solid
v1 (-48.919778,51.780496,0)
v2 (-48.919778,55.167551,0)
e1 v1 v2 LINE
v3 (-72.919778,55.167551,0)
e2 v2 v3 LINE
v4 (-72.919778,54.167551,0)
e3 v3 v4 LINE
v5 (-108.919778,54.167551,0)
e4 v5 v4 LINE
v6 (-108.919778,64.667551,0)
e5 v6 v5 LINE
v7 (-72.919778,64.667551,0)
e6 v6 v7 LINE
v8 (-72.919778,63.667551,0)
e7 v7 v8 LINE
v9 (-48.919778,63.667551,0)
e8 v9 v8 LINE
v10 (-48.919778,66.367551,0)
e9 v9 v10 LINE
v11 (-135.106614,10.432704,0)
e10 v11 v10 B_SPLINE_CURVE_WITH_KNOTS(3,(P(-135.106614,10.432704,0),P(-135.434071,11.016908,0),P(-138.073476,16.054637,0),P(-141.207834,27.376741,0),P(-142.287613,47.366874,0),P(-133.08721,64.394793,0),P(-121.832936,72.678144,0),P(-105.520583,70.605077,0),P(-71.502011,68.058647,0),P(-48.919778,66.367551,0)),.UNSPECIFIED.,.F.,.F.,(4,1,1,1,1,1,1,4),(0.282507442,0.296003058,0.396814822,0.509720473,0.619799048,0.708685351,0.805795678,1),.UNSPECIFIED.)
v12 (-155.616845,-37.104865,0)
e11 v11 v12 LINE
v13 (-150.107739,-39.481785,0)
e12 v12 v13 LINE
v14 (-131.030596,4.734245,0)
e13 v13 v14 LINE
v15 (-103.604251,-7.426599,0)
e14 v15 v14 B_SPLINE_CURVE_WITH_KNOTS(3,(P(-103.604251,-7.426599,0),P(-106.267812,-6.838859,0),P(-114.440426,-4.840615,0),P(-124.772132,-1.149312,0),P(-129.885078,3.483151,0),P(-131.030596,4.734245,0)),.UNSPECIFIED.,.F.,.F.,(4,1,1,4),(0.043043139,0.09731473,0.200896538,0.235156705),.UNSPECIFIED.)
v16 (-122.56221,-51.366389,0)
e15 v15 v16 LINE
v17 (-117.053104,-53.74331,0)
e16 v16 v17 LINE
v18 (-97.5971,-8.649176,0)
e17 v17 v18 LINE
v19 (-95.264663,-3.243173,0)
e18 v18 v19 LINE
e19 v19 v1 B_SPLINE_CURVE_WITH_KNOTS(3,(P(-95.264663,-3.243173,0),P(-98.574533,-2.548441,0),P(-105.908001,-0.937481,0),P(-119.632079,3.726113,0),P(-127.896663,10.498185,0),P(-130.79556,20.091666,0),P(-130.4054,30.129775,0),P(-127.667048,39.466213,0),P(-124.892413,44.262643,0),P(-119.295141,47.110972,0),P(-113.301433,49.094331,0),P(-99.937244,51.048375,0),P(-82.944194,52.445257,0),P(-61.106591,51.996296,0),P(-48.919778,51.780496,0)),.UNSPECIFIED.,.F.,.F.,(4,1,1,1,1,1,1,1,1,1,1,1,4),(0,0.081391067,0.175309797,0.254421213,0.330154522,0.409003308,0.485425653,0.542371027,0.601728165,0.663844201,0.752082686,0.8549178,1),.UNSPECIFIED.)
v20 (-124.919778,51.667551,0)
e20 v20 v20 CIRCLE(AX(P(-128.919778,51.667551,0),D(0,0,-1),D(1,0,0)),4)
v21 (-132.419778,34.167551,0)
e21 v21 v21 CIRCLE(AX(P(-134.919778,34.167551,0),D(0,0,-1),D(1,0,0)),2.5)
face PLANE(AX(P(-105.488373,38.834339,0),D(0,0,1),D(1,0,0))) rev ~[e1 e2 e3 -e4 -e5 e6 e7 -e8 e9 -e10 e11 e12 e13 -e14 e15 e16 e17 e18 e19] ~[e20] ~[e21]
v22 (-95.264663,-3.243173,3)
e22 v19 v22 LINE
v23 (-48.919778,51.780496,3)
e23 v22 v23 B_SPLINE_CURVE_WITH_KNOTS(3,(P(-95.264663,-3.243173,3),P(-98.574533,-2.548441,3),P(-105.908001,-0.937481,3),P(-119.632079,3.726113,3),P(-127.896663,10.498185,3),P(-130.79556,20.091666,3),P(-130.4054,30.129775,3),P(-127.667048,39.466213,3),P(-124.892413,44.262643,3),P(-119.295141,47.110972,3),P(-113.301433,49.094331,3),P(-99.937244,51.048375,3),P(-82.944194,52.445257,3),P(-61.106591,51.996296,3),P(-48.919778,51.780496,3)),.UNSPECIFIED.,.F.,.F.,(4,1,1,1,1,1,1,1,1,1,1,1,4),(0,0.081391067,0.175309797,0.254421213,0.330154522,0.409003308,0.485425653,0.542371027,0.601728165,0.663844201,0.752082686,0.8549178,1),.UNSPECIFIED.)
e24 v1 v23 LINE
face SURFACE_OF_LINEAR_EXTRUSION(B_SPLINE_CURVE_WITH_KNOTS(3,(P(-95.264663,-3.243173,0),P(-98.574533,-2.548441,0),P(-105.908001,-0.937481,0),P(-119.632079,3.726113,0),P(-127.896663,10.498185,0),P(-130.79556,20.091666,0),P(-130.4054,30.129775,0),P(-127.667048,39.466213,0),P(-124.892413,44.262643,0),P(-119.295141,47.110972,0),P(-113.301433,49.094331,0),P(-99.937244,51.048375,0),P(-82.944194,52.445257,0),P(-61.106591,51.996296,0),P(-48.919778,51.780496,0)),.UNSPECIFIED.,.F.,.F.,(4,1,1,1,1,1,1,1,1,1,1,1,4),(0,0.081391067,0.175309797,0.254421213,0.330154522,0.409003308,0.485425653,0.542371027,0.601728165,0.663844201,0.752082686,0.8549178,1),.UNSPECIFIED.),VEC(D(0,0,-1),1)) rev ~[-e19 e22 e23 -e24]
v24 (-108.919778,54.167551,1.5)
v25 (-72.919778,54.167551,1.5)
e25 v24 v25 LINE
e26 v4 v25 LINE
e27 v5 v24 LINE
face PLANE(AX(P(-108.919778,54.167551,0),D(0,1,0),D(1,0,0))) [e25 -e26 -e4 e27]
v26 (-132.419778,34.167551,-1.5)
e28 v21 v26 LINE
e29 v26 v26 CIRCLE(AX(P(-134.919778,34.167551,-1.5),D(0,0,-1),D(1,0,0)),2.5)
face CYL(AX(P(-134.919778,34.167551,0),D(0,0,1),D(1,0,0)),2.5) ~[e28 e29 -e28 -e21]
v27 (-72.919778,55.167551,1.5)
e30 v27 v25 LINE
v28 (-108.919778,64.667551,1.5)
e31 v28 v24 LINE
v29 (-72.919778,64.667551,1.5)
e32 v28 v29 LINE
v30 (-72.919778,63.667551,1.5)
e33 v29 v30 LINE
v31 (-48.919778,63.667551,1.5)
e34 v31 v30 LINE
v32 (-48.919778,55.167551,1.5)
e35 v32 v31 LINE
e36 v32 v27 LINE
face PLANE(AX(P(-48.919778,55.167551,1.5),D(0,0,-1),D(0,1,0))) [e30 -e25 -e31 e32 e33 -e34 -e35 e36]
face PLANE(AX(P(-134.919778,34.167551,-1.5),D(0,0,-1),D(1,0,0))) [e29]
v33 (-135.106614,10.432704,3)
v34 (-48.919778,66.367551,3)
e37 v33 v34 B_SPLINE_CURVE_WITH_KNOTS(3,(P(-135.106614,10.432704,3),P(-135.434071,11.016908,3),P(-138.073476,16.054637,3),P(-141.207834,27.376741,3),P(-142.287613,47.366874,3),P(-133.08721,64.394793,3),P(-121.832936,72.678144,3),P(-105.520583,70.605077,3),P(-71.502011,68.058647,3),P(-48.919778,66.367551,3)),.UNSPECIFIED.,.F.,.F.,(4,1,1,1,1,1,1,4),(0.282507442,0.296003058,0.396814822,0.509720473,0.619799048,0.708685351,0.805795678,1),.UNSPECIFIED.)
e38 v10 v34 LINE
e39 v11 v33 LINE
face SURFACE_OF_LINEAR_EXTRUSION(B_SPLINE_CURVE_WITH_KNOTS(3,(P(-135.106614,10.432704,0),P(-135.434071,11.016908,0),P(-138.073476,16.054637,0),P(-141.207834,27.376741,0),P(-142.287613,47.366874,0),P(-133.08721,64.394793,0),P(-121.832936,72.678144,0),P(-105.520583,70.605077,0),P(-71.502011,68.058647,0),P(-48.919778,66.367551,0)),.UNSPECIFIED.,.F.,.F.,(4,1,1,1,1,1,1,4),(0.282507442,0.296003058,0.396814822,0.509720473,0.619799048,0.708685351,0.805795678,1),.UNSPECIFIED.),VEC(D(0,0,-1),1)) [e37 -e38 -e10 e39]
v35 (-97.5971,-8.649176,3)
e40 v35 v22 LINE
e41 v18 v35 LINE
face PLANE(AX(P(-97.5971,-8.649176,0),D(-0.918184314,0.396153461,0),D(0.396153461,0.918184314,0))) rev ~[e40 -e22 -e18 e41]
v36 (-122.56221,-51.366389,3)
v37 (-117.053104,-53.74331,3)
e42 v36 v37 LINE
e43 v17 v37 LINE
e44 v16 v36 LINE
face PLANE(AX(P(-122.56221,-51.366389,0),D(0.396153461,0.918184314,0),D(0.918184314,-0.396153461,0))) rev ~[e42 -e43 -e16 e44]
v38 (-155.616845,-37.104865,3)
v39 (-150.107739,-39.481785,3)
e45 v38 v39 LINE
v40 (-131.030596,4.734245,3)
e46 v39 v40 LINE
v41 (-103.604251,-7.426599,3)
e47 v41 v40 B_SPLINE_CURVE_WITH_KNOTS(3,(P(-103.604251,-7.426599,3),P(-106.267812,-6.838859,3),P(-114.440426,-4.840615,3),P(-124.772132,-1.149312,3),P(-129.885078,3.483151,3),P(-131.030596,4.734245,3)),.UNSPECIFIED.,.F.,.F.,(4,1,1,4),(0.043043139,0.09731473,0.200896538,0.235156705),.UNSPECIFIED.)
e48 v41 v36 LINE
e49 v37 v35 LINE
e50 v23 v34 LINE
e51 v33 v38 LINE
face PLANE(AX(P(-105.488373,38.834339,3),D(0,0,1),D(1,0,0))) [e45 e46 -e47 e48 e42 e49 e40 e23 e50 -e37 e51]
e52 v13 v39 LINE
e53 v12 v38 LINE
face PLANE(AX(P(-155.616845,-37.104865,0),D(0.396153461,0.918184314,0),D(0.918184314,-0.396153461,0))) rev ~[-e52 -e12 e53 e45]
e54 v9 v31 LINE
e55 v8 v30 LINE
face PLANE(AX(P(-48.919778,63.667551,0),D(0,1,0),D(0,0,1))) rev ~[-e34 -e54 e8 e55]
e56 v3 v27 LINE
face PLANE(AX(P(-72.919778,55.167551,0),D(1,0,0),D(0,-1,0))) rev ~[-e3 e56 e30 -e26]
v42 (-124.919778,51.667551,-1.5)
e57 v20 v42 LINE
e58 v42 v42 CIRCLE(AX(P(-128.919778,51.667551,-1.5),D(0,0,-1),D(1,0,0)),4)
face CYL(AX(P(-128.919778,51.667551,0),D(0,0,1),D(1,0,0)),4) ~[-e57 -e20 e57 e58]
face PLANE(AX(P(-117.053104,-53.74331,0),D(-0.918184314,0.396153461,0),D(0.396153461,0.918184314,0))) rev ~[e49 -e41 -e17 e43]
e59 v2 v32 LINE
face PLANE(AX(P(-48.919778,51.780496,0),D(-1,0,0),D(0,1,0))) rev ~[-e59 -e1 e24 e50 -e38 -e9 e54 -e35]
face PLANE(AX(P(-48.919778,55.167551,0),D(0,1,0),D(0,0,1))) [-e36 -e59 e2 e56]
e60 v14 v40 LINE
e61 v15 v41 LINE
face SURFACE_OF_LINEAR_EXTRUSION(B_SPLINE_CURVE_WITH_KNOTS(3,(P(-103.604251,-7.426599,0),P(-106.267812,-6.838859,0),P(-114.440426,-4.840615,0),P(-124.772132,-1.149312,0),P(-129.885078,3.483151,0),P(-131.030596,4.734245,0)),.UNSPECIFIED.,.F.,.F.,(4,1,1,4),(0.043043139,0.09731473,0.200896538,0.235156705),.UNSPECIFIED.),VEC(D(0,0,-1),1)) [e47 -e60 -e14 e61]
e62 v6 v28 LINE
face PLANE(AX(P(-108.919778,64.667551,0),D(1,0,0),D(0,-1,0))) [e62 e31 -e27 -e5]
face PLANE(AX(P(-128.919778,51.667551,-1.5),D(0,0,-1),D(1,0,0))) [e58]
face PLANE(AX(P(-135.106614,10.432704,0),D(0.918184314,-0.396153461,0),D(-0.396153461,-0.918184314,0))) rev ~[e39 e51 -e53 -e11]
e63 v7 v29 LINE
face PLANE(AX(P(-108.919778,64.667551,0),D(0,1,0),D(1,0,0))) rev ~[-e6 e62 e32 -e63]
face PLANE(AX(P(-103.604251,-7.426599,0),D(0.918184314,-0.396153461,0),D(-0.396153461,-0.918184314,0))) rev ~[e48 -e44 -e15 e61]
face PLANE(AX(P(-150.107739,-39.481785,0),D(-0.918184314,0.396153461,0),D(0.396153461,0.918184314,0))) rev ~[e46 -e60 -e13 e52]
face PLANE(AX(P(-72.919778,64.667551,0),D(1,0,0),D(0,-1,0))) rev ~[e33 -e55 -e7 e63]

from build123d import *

# Parameters (mm, degrees)
F1_DEPTH = 3
F2_W     = 8.5
F2_H     = 1.5
F3_DEPTH = 60
F4_W     = 36
F4_H     = 1
F5_DEPTH = 1.5
F4_R     = 4
F4_R_2   = 2.5
F6_DEPTH = 1.5


with BuildPart() as f1:
    # F0 (on Top) → F1 (new body)
    with BuildSketch(Plane.XY):
        with BuildLine():
            Line((-97.5971001649, -8.6491760741), (-95.2646633374, -3.243172799))
            add(Edge.make_bspline(
                [(-95.2646633374, -3.243172799), (-98.574532783, -2.5484405432), (-105.9080007112, -0.9374808999), (-119.6320793514, 3.7261133355), (-127.8966629141, 10.4981850982), (-130.7955602279, 20.0916655854), (-130.4053995461, 30.1297752518), (-127.6670475504, 39.4662125345), (-124.8924134084, 44.2626432826), (-119.2951406396, 47.1109715275), (-113.3014325374, 49.0943311035), (-99.9372443546, 51.0483749083), (-82.944194219, 52.4452566866), (-61.1065907772, 51.9962960828), (-48.9197779827, 51.7804961863)],
                knots=[0, 0, 0, 0, 0.081391067, 0.1753097966, 0.2544212132, 0.3301545218, 0.4090033083, 0.485425653, 0.5423710265, 0.6017281651, 0.6638442011, 0.7520826863, 0.8549178005, 1, 1, 1, 1], degree=3))
            Line((-48.9197779827, 51.7804961863), (-48.9197779827, 66.3675506421))
            add(Edge.make_bspline(
                [(-135.1066137918, 10.4327042772), (-135.43407121, 11.0169079833), (-138.0734760018, 16.0546366824), (-141.2078344458, 27.3767410454), (-142.287612805, 47.3668739897), (-133.087210164, 64.394793082), (-121.8329362413, 72.6781441922), (-105.5205828124, 70.6050767122), (-71.5020111223, 68.0586471057), (-48.9197779827, 66.3675506421)],
                knots=[0.2825074418, 0.2825074418, 0.2825074418, 0.2825074418, 0.2960030581, 0.3968148217, 0.5097204734, 0.6197990481, 0.7086853513, 0.8057956779, 1, 1, 1, 1], degree=3))
            add(Edge.make_bspline(
                [(-131.0305960786, 4.7342447375), (-132.6138079469, 6.4633729142), (-133.9576962683, 8.3829663944), (-135.1066137918, 10.4327042772)],
                knots=[0.2351567051, 0.2351567051, 0.2351567051, 0.2351567051, 0.2825074418, 0.2825074418, 0.2825074418, 0.2825074418], degree=3))
            add(Edge.make_bspline(
                [(-103.6042511891, -7.4265989594), (-106.267812295, -6.8388586634), (-114.4404261479, -4.8406153845), (-124.7721316324, -1.1493121528), (-129.8850784698, 3.4831507975), (-131.0305960786, 4.7342447375)],
                knots=[0.0430431389, 0.0430431389, 0.0430431389, 0.0430431389, 0.0973147298, 0.2008965382, 0.2351567051, 0.2351567051, 0.2351567051, 0.2351567051], degree=3))
            add(Edge.make_bspline(
                [(-97.5971001649, -8.6491760741), (-99.4712810371, -8.2964337017), (-101.491764182, -7.8927394719), (-103.6042511891, -7.4265989594)],
                knots=[0, 0, 0, 0, 0.0430431389, 0.0430431389, 0.0430431389, 0.0430431389], degree=3))
        make_face()
        with BuildLine():
            Line((-117.0531037089, -53.7433100877), (-97.5971001649, -8.6491760741))
            add(Edge.make_bspline(
                [(-97.5971001649, -8.6491760741), (-99.4712810371, -8.2964337017), (-101.491764182, -7.8927394719), (-103.6042511891, -7.4265989594)],
                knots=[0, 0, 0, 0, 0.0430431389, 0.0430431389, 0.0430431389, 0.0430431389], degree=3))
            Line((-103.6042511891, -7.4265989594), (-122.5622095949, -51.3663893199))
            Line((-122.5622095949, -51.3663893199), (-117.0531037089, -53.7433100877))
        make_face()
        with BuildLine():
            add(Edge.make_bspline(
                [(-131.0305960786, 4.7342447375), (-132.6138079469, 6.4633729142), (-133.9576962683, 8.3829663944), (-135.1066137918, 10.4327042772)],
                knots=[0.2351567051, 0.2351567051, 0.2351567051, 0.2351567051, 0.2825074418, 0.2825074418, 0.2825074418, 0.2825074418], degree=3))
            Line((-135.1066137918, 10.4327042772), (-155.6168449111, -37.1048647131))
            Line((-155.6168449111, -37.1048647131), (-150.1077390251, -39.4817854809))
            Line((-150.1077390251, -39.4817854809), (-131.0305960786, 4.7342447375))
        make_face()
    extrude(amount=F1_DEPTH)

    # F2 (on face) → F3 (cut)
    with BuildSketch(Plane.YZ.offset(-48.9197779827)):
        with Locations((59.4175506421, 0.75)):
            Rectangle(F2_W, F2_H)
    extrude(amount=-F3_DEPTH, mode=Mode.SUBTRACT)

    # F4 (on face) → F5 (cut)
    with BuildSketch(Plane(origin=(0, 0, 0), x_dir=(1, 0, 0), z_dir=(0, 0, -1))):
        with Locations((-90.9197779827, -54.6675506421)):
            Rectangle(F4_W, F4_H)
        with Locations((-90.9197779827, -64.1675506421)):
            Rectangle(F4_W, F4_H)
    extrude(amount=-F5_DEPTH, mode=Mode.SUBTRACT)

    # F4 (on face) → F6 (join)
    with BuildSketch(Plane(origin=(0, 0, 0), x_dir=(1, 0, 0), z_dir=(0, 0, -1))):
        with Locations((-128.9197779827, -51.6675506421)):
            Circle(F4_R)
        with Locations((-134.9197779827, -34.1675506421)):
            Circle(F4_R_2)
    extrude(amount=F6_DEPTH)


solid = f1.part
